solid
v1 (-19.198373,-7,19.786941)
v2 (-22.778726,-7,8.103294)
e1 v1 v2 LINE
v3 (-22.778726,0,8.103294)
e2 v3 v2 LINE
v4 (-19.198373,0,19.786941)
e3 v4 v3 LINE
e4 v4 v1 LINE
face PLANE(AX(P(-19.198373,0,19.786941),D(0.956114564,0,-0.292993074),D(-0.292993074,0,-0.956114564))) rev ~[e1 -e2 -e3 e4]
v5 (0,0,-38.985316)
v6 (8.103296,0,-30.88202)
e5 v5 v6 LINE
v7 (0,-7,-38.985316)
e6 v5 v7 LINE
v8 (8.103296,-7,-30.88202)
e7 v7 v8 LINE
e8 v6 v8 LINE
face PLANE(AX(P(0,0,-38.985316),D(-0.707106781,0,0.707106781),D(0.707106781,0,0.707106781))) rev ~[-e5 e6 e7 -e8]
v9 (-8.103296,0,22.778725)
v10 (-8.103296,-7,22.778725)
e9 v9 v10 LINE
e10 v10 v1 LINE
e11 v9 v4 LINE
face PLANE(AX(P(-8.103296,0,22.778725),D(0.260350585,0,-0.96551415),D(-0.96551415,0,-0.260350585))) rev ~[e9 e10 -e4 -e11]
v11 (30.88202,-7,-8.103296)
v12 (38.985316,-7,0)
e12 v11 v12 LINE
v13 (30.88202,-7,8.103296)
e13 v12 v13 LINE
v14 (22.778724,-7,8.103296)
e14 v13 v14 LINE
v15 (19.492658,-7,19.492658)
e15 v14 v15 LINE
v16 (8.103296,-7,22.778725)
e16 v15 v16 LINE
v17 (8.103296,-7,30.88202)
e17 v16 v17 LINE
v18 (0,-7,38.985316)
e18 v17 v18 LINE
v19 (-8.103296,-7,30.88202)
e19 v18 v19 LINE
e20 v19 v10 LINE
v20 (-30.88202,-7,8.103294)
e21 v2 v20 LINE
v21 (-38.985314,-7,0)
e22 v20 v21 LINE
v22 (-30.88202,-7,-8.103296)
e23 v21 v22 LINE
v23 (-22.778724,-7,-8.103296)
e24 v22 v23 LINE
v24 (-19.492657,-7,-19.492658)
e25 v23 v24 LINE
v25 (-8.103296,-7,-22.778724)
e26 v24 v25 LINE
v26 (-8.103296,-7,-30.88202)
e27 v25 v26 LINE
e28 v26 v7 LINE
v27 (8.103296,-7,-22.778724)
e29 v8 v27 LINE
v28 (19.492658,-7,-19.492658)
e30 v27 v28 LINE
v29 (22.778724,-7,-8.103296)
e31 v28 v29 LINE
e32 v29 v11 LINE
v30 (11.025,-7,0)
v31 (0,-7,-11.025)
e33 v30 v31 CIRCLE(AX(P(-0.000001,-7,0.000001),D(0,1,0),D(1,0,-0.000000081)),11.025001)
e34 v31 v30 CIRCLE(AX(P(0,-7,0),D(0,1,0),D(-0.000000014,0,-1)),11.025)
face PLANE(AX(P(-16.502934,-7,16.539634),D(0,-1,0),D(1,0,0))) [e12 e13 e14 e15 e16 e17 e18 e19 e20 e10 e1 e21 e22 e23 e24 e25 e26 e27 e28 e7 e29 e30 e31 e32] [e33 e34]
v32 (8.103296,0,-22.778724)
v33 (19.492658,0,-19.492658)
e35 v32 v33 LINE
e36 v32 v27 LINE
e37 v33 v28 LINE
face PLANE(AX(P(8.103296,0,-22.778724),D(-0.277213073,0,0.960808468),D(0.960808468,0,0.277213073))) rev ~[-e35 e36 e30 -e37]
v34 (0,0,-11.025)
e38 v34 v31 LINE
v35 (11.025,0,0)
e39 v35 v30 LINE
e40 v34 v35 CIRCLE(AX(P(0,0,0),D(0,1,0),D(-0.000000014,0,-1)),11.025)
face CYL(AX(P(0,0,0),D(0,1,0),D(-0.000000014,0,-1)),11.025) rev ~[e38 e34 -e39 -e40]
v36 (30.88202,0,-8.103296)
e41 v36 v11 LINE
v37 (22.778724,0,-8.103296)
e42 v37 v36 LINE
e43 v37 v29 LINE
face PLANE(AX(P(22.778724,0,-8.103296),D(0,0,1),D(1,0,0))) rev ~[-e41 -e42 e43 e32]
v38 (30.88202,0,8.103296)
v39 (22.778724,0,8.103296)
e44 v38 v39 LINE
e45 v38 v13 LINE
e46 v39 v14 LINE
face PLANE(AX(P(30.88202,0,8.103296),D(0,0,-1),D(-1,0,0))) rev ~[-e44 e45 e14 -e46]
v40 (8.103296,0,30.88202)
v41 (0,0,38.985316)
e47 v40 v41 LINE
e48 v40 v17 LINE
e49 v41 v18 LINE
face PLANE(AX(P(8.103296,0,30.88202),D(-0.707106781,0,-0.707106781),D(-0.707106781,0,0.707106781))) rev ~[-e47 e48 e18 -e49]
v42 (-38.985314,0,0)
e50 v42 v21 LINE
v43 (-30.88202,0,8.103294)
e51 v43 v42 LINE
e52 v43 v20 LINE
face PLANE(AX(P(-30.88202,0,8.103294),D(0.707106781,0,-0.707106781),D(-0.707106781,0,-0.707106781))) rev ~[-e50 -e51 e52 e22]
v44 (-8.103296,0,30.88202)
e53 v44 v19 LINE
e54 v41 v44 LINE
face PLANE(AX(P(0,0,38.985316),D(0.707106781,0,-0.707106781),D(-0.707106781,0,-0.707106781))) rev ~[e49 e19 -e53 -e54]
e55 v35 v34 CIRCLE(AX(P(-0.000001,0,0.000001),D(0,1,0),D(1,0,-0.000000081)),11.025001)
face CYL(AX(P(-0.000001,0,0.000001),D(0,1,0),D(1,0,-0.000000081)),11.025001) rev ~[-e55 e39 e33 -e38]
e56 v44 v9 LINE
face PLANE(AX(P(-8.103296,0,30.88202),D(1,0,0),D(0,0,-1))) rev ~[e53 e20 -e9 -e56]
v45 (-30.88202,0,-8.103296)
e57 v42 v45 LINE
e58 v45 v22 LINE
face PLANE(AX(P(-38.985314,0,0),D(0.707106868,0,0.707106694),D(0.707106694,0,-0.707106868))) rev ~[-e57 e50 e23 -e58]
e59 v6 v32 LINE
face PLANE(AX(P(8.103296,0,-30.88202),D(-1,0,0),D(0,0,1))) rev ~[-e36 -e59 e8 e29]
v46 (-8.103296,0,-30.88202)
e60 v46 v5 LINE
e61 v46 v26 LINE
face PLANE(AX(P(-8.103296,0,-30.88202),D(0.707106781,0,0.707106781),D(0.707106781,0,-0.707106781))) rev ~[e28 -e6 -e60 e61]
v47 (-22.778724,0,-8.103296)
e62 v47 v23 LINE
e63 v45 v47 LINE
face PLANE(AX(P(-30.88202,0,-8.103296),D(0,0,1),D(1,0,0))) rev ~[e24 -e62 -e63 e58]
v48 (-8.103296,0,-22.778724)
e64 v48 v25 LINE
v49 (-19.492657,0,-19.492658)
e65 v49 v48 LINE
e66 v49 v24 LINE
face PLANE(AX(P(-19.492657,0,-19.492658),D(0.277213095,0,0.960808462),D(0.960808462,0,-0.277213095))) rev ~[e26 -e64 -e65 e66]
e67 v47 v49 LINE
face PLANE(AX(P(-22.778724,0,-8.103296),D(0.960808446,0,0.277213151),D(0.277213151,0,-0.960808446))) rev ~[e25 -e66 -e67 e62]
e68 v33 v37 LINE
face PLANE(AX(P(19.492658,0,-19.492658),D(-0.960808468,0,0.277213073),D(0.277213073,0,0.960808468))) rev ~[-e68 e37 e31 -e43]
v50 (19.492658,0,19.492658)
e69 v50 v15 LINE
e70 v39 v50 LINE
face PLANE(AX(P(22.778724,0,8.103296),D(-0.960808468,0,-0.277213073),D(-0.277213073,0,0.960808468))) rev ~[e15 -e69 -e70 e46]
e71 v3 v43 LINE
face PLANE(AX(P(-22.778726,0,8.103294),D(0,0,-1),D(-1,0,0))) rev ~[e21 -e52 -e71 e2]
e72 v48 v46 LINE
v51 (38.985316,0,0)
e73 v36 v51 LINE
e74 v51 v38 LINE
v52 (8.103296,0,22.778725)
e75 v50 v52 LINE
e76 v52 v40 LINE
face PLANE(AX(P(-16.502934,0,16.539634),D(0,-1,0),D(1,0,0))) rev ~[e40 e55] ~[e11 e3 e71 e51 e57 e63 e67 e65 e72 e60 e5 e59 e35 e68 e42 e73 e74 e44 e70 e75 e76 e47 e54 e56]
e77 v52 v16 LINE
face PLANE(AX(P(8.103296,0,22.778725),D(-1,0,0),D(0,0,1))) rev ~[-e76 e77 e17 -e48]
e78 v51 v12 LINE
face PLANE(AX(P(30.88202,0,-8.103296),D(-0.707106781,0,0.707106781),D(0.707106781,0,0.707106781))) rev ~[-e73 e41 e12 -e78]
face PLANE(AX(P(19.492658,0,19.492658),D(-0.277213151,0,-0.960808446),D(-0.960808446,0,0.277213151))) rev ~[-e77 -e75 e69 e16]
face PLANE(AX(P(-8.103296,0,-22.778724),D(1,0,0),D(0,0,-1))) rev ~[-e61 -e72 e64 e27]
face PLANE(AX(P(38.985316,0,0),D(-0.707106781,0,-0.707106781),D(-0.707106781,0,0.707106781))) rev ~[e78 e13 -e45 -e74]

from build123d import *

# Parameters (mm, degrees)
F1_DEPTH = 7


with BuildPart() as f1:
    # F0 (on Front) → F1 (new body)
    with BuildSketch(Plane.XZ):
        Polygon((-19.198373, 19.786941), (-22.778726, 8.103294), (-8.103296, 22.778725), align=None)
        Polygon((-8.103296, 30.88202), (-8.103296, 22.778725), (0, 30.88202), (8.103296, 22.778725), (8.103296, 30.88202), (0, 38.985316), align=None)
        Polygon((15.44101, 15.44101), (22.778724, 8.103296), (19.492658, 19.492658), (8.103296, 22.778725), align=None)
        Polygon((30.88202, 0), (22.778724, -8.103296), (30.88202, -8.103296), (38.985316, 0), (30.88202, 8.103296), (22.778724, 8.103296), align=None)
        Polygon((22.778724, -8.103296), (8.103296, -22.778724), (19.492658, -19.492658), align=None)
        Polygon((8.103296, -22.778724), (0, -30.88202), (0, -38.985316), (8.103296, -30.88202), align=None)
        Polygon((-19.492657, -19.492658), (-8.103296, -22.778724), (-22.778724, -8.103296), align=None)
        Polygon((-30.88202, -8.103296), (-22.778724, -8.103296), (-30.88202, 0), (-22.778726, 8.103294), (-30.88202, 8.103294), (-38.985314, 0), align=None)
        Polygon((-8.103296, -22.778724), (0, -30.88202), (8.103296, -22.778724), (22.778724, -8.103296), (30.88202, 0), (22.778724, 8.103296), (15.44101, 15.44101), (8.103296, 22.778725), (0, 30.88202), (-8.103296, 22.778725), (-22.778726, 8.103294), (-30.88202, 0), (-22.778724, -8.103296), align=None)
        with BuildLine():
            ThreePointArc((0, -13.737248), (-9.713701, 9.713701), (13.737248, 0))
            ThreePointArc((13.737248, 0), (9.713701, -9.713701), (0, -13.737248))
        make_face(mode=Mode.SUBTRACT)
        Polygon((0, -38.985316), (0, -30.88202), (-8.103296, -22.778724), (-8.103296, -30.88202), align=None)
        with BuildLine():
            ThreePointArc((0, -13.737248), (9.713701, -9.713701), (13.737248, 0))
            ThreePointArc((13.737248, 0), (-9.713701, 9.713701), (0, -13.737248))
        make_face()
        with BuildLine():
            ThreePointArc((11.025, 0), (7.795852, -7.795852), (0, -11.025))
            ThreePointArc((0, -11.025), (-7.795852, 7.795852), (11.025, 0))
        make_face(mode=Mode.SUBTRACT)
    extrude(amount=F1_DEPTH)


solid = f1.part
